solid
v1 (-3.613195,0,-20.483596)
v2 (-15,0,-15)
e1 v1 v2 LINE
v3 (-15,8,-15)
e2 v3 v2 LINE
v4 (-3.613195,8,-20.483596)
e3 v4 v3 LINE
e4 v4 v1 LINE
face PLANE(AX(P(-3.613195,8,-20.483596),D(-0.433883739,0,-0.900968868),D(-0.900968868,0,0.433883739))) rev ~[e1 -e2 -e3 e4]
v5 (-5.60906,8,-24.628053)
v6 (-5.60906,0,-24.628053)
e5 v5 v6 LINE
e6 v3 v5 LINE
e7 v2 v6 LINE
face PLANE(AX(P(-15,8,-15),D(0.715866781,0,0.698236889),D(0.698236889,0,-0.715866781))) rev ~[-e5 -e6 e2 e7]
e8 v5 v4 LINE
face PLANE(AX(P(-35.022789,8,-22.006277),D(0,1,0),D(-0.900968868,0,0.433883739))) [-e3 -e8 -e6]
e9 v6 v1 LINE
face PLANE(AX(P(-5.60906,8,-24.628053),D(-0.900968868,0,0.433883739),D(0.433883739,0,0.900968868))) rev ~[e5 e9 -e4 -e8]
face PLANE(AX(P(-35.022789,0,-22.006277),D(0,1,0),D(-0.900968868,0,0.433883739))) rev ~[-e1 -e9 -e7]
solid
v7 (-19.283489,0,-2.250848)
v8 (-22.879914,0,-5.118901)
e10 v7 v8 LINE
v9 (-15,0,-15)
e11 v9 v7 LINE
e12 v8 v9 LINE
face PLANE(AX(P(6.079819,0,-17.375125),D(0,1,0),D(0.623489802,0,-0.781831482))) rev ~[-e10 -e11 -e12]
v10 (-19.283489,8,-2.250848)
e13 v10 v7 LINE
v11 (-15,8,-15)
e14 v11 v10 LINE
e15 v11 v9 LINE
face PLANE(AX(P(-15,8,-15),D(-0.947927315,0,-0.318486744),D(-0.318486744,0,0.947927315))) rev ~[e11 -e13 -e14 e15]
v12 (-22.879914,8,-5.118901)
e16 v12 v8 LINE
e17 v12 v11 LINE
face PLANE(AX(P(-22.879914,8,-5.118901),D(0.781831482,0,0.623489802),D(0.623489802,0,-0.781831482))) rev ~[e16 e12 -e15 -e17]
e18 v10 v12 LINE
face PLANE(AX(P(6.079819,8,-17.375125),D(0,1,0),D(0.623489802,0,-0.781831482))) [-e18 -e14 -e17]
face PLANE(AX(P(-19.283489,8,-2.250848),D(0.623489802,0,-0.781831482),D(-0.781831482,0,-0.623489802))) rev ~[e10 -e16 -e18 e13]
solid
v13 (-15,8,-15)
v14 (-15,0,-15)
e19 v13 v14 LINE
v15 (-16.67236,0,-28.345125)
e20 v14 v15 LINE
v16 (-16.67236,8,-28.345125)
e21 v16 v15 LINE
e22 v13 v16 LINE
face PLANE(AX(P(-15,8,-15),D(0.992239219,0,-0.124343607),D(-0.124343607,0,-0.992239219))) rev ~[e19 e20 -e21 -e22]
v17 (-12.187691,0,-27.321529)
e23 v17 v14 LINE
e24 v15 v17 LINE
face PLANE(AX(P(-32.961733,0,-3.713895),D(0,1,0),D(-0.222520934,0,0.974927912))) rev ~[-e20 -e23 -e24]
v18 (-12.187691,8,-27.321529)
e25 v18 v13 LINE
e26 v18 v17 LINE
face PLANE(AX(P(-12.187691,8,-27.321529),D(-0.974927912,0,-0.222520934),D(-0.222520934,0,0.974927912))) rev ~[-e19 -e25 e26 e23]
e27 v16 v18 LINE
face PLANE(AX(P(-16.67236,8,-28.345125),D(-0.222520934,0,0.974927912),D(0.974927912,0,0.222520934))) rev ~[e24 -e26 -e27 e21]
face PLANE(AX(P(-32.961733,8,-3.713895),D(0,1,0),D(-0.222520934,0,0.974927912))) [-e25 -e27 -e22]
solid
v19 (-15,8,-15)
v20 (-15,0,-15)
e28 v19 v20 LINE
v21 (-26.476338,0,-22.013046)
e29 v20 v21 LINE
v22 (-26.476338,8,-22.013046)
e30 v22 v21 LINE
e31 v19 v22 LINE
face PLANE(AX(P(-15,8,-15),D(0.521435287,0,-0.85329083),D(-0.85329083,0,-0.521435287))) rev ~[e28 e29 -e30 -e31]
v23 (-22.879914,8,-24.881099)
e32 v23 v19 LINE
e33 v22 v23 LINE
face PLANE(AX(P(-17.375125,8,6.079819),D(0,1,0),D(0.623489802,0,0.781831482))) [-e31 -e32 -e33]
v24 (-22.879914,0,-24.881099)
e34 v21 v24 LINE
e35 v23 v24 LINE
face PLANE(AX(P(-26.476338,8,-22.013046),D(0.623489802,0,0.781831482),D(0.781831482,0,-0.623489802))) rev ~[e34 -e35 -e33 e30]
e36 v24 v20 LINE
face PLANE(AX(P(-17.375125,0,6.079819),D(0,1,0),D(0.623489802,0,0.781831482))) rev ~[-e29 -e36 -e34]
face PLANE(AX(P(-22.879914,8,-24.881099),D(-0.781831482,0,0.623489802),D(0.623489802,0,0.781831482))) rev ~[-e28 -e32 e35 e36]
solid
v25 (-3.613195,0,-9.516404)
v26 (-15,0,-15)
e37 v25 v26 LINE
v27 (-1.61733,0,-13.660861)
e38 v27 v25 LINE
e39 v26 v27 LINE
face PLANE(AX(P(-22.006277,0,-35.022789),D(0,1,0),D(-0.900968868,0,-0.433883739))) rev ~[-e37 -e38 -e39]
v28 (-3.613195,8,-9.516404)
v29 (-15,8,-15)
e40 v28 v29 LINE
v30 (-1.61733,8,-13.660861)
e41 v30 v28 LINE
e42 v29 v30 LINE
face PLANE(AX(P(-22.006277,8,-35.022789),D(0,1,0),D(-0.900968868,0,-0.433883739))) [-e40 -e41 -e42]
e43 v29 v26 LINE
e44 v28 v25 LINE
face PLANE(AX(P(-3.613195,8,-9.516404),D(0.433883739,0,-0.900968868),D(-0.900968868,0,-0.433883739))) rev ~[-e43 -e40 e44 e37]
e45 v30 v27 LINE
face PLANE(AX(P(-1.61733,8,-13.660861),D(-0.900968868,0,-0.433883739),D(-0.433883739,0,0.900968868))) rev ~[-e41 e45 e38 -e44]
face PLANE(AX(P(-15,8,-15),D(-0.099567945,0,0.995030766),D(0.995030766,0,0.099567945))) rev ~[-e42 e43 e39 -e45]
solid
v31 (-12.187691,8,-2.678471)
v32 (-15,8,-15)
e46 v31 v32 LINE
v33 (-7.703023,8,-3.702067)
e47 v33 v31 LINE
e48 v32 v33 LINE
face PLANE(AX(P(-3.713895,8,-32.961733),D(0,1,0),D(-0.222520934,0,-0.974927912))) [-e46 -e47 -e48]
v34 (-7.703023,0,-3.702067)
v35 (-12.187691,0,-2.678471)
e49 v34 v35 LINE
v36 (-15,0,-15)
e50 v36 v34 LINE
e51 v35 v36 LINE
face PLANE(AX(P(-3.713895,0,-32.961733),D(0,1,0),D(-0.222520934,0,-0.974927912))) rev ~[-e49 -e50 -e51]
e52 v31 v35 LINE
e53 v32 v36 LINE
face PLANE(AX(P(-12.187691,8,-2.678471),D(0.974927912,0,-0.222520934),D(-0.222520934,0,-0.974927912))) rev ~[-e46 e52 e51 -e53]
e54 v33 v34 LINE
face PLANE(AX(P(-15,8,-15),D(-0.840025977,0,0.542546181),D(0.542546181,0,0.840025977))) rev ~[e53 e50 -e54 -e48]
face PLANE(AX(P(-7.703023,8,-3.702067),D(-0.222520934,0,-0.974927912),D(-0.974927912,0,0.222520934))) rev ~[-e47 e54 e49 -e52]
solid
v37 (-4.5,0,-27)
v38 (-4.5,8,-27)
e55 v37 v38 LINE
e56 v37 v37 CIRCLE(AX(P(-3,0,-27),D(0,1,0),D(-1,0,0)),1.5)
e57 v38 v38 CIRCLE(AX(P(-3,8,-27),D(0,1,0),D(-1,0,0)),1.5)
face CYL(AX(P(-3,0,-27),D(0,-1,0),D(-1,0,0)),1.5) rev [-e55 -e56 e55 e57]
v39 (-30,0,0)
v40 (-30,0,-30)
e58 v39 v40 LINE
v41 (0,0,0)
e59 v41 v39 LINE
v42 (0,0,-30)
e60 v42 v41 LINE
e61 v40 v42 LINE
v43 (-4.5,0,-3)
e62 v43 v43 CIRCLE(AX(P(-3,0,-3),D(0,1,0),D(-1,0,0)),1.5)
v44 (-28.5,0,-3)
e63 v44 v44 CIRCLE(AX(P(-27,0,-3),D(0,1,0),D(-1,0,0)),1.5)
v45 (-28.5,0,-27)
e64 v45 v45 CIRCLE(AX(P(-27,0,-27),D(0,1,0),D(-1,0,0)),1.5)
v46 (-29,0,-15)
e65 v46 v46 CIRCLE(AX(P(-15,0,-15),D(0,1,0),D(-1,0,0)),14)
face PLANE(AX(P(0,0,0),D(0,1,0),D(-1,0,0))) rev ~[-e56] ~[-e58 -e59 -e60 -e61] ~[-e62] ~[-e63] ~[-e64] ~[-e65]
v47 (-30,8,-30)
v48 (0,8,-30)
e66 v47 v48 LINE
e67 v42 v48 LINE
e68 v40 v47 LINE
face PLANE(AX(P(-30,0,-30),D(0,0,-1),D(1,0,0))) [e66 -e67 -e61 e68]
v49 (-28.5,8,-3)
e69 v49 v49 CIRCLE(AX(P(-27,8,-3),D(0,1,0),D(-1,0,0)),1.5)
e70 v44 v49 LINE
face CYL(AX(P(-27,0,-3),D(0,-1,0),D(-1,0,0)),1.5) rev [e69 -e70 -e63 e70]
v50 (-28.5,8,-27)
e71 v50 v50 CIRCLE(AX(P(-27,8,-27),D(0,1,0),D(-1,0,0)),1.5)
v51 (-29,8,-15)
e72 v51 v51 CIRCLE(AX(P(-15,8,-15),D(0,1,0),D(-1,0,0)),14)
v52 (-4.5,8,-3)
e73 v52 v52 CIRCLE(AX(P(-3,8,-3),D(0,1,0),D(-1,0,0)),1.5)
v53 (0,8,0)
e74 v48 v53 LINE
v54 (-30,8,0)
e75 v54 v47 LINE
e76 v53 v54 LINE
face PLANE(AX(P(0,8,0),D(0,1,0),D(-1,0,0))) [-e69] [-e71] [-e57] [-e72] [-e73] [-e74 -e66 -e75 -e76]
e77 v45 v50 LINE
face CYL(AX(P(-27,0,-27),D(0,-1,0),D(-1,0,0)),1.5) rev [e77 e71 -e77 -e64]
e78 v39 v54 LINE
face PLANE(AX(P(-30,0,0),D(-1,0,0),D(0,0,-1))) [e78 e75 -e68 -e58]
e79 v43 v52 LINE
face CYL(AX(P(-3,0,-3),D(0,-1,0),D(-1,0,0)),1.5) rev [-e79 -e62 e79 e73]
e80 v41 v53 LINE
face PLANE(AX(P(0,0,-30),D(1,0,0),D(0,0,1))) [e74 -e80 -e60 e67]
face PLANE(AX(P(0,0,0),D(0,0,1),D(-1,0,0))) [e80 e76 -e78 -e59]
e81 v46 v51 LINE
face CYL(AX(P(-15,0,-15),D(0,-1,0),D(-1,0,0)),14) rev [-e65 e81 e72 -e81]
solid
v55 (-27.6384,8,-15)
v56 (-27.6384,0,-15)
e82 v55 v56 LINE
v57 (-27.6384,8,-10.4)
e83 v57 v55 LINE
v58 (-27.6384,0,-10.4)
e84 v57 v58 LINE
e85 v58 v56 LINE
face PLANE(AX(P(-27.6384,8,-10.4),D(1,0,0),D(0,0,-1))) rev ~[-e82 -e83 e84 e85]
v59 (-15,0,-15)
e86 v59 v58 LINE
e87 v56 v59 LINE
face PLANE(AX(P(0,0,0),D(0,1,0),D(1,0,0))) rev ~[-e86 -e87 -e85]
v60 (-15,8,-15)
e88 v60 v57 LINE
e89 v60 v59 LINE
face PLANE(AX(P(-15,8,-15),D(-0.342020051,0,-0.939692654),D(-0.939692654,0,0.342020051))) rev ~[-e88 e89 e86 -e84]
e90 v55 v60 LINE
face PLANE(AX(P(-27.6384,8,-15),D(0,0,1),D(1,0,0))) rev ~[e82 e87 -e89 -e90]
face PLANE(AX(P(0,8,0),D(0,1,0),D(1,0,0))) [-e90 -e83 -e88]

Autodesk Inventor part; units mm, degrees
ref_plane "YZ Plane" through (0, 0, 0) normal (1, 0, 0) x (0, 1, 0)
ref_plane "XZ Plane" through (0, 0, 0) normal (0, 1, 0) x (-1, 0, 0)
ref_plane "XY Plane" through (0, 0, 0) normal (0, 0, 1) x (1, 0, 0)
sketch "Sketch1" plane through (0, 0, 0) normal (0, 1, 0) x (-1, 0, 0)
  line L0 (0, 0) -> (30, 0)
  line L1 (30, 0) -> (30, -30)
  line L2 (30, -30) -> (0, -30)
  line L3 (0, -30) -> (0, 0)
  circle A0 centre (3, -3) radius 1.5
  circle A1 centre (3, -27) radius 1.5
  circle A2 centre (27, -3) radius 1.5
  circle A3 centre (27, -27) radius 1.5
  circle A4 centre (15, -15) radius 14
  dimension "d0" = 30
  dimension "d1" = 30
  dimension "d2" = 3
  dimension "d3" = 24
  dimension "d4" = 24
  dimension "d5" = 3
  dimension "d6" = 3
  dimension "d7" = 28
  dimension "d8" = 15
  dimension "d9" = 15
extrude "Extrusion1" add sketch "Sketch1" along normal blind 8
sketch "Sketch2" plane through (0, 8, 0) normal (0, 1, 0) x (1, 0, 0)
  circle A0 centre (-15, 15) radius 14 projected
  line L0 (-15, 15) -> (-27.6384, 10.4)
  line L1 (-27.6384, 10.4) -> (-27.6384, 15)
  line L2 (-27.6384, 15) -> (-15, 15)
  dimension "d12" = 70
  dimension "d13" = 4.6
extrude "Extrusion2" add sketch "Sketch2" against normal blind 8 contours L0 L1 L2
pattern_circular "Circular Pattern1" count 7 over 360 about axis through (-15, 8, -15) along (0, -1, 0) of "Extrusion2"
properties part number "Fan30mm" material "ABS Plastic"
